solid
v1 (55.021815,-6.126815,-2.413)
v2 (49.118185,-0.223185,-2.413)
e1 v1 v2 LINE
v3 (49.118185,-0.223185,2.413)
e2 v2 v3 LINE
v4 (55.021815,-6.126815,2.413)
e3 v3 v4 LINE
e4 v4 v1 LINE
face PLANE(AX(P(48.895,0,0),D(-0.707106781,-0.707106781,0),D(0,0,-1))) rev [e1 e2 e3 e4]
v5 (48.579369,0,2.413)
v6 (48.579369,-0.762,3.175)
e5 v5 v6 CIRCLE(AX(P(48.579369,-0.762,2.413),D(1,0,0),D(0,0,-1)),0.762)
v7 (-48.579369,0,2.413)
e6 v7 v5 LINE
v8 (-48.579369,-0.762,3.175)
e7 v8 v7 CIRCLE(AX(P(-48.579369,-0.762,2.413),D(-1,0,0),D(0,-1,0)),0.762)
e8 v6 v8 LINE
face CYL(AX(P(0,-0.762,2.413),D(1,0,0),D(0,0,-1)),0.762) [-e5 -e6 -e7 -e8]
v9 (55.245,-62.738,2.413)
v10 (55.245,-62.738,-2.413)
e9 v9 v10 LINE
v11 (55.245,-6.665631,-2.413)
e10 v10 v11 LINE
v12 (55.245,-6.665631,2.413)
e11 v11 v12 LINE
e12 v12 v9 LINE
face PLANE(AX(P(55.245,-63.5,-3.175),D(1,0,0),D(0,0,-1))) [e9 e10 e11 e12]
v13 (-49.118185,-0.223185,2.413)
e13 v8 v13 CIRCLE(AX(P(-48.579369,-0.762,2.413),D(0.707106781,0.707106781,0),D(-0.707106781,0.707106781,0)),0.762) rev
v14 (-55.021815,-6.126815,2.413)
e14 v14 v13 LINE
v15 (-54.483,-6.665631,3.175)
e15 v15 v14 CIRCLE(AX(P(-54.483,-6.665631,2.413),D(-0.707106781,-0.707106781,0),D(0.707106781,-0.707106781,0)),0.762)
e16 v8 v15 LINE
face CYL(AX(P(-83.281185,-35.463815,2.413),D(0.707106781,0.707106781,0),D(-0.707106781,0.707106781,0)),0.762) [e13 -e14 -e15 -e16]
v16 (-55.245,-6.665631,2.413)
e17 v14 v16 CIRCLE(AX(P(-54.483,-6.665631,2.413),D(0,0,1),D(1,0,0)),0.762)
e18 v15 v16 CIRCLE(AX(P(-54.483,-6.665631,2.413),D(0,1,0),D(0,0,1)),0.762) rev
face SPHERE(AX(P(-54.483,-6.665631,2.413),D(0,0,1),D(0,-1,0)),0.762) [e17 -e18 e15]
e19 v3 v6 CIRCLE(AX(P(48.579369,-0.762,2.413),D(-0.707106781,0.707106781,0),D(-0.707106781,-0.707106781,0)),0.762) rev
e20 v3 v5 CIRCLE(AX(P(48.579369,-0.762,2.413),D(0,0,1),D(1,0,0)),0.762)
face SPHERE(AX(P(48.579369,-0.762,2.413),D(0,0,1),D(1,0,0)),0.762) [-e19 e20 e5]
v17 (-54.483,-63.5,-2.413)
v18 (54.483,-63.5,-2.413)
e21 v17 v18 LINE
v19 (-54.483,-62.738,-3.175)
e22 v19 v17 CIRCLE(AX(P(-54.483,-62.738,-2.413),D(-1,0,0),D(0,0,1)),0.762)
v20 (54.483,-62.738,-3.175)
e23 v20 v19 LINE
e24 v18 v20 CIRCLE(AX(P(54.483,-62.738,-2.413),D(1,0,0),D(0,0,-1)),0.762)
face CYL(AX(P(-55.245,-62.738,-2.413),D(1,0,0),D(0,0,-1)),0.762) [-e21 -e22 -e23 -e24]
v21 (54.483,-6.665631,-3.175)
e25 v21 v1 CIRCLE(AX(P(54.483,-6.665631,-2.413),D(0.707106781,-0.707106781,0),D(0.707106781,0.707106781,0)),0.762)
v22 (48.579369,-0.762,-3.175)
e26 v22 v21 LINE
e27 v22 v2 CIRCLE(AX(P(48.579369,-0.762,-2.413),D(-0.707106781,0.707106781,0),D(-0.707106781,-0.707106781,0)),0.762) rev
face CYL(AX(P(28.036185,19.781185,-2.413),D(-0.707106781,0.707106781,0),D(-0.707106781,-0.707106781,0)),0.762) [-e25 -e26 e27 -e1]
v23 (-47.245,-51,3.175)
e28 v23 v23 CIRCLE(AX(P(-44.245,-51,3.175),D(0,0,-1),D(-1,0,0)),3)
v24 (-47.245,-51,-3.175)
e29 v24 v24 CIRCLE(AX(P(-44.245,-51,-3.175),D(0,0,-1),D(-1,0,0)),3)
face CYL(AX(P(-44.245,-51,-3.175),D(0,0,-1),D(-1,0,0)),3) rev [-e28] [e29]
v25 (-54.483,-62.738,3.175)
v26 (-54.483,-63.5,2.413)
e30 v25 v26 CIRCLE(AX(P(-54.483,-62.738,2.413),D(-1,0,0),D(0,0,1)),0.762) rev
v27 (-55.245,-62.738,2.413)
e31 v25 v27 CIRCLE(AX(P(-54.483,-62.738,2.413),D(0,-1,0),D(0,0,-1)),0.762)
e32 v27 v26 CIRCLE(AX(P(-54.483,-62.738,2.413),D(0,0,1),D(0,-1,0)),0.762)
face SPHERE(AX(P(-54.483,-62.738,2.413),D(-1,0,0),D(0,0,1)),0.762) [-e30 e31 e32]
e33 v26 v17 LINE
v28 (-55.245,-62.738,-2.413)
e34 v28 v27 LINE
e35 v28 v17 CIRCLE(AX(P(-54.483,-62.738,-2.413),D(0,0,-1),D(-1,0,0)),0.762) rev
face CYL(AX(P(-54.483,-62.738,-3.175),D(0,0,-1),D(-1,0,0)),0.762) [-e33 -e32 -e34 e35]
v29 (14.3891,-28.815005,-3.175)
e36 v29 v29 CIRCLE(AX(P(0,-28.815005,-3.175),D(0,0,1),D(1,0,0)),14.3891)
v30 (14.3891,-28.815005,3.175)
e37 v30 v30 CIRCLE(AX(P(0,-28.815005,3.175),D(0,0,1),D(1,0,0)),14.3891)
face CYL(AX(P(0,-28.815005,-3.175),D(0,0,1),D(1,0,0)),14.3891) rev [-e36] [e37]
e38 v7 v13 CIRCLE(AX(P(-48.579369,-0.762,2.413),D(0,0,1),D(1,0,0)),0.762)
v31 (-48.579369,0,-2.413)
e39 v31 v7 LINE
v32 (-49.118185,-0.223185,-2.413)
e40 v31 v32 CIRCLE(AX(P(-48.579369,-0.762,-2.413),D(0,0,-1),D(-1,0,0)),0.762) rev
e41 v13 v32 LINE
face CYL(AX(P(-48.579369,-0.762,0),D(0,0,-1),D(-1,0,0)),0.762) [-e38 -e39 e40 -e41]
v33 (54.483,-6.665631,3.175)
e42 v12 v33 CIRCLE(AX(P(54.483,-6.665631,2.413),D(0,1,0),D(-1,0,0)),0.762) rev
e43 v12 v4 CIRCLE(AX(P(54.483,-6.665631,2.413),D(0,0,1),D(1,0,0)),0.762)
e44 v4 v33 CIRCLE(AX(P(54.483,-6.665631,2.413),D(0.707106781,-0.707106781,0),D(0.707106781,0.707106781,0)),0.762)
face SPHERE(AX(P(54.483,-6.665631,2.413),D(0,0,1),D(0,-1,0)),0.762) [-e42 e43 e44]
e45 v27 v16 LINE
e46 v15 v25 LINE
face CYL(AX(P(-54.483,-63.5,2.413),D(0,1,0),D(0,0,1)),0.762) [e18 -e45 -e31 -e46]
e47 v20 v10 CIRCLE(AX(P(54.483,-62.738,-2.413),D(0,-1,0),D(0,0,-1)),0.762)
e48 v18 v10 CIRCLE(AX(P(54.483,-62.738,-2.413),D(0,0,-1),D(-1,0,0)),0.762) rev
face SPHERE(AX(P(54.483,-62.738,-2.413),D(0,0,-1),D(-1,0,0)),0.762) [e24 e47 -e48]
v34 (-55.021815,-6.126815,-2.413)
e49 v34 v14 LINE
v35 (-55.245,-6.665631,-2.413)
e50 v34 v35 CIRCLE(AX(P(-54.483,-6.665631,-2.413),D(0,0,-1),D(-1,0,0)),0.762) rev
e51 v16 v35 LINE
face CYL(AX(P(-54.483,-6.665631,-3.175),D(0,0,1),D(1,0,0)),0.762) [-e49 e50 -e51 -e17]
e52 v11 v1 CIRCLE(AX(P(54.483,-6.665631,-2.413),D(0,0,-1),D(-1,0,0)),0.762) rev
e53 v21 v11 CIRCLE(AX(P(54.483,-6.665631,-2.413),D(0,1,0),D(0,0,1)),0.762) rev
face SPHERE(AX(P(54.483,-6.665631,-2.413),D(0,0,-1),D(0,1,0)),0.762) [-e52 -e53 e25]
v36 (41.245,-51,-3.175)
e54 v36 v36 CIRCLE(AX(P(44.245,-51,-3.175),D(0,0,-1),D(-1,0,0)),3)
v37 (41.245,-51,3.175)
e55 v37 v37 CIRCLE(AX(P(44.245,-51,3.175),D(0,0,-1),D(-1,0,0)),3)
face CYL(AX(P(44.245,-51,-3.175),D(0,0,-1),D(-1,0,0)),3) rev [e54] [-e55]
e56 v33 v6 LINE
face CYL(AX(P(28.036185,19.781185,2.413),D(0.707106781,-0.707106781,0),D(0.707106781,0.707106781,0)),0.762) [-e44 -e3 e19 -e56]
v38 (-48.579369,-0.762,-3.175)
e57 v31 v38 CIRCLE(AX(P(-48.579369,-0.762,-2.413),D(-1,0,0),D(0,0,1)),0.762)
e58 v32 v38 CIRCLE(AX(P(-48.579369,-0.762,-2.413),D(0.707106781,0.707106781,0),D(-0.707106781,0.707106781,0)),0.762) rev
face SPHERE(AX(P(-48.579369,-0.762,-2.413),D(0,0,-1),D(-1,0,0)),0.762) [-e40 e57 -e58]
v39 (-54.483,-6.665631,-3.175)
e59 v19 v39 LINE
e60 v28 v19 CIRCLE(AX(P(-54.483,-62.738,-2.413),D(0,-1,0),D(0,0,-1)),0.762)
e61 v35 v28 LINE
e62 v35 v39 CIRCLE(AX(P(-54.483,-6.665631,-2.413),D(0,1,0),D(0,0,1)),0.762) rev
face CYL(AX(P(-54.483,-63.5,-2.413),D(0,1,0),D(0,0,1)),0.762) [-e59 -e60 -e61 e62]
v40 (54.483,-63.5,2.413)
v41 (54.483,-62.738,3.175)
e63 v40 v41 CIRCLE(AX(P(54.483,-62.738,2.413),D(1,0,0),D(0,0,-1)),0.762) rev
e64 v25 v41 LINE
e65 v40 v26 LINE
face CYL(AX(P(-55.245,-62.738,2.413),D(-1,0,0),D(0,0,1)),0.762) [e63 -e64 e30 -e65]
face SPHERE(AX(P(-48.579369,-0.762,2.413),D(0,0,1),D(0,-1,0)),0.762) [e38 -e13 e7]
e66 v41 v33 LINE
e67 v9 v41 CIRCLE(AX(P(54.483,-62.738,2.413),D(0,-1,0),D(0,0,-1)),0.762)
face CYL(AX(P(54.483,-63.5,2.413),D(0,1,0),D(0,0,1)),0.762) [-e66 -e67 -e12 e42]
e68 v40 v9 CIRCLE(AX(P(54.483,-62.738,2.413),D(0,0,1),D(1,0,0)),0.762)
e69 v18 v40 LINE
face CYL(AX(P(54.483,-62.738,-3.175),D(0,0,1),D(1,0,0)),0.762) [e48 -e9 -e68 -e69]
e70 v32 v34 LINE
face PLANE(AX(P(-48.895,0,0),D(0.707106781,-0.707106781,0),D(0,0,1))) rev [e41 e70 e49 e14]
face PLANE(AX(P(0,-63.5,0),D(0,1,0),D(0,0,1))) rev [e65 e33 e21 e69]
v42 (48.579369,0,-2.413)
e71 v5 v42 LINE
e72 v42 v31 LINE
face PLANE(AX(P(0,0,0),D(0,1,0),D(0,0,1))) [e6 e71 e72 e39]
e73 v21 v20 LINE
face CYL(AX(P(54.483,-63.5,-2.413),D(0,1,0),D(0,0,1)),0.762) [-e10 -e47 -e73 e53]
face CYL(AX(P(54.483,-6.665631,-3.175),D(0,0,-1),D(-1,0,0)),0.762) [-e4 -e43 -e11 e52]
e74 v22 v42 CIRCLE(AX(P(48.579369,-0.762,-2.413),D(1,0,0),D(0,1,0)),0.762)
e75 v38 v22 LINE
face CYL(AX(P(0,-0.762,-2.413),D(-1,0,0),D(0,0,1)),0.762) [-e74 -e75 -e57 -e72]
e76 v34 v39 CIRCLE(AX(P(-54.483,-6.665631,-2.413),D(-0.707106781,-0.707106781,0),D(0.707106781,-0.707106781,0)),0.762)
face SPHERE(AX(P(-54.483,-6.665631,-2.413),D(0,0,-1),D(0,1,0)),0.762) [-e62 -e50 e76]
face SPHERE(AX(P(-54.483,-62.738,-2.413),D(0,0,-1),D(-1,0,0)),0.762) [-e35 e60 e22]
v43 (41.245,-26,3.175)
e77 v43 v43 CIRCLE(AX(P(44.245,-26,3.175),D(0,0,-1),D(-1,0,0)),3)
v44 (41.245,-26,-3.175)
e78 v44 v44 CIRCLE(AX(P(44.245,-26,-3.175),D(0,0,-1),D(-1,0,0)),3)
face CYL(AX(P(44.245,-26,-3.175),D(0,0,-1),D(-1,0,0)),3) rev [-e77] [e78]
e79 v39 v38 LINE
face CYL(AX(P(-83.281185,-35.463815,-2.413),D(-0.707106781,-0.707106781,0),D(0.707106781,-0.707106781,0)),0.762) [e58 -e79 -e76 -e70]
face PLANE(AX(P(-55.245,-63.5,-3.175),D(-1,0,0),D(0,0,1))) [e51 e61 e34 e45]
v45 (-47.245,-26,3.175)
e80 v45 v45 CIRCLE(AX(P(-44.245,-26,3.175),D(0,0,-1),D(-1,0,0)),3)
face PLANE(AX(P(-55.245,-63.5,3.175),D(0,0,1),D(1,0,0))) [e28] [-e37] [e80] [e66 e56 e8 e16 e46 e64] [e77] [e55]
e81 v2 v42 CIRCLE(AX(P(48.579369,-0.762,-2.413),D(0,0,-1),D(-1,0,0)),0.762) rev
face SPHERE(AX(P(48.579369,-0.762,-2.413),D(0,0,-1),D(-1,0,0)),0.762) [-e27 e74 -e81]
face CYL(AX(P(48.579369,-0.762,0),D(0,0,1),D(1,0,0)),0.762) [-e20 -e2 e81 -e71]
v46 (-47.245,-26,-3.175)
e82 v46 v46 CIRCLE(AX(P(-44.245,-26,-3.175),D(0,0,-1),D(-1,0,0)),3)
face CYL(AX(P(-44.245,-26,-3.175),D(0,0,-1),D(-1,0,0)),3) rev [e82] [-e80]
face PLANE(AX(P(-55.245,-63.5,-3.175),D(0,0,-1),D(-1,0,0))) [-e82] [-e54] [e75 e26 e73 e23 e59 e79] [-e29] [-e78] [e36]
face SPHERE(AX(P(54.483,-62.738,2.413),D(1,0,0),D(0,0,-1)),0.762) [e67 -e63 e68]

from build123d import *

# Parameters (mm, degrees)
SKETCH2_W                   = 110.49
SKETCH2_H                   = 6.35
BOSS_EXTRUDE1_DEPTH         = 63.5
SKETCH3_R                   = 14.3891
CUT_EXTRUDE1_DEPTH          = 85.407242136
CHAMFER1_SIZE               = 6.35
TAP_DRILL_FOR_M7X1_0_TAP1_D = 6
FILLET2_R                   = 0.762


with BuildPart() as part:
    # Sketch2 → Boss-Extrude1 (new body)
    with BuildSketch(Plane(origin=(0, 0, 0), x_dir=(1, 0, 0), z_dir=(0, 1, 0))):
        Rectangle(SKETCH2_W, SKETCH2_H)
    extrude(amount=-BOSS_EXTRUDE1_DEPTH)

    # Sketch3 → Cut-Extrude1 (cut, through all)
    with BuildSketch(Plane.XY.offset(3.175)):
        with Locations((0, -28.8150046)):
            Circle(SKETCH3_R)
    extrude(amount=-CUT_EXTRUDE1_DEPTH, mode=Mode.SUBTRACT)

    # Chamfer1
    chamfer1_edges = [part.edges().sort_by_distance(p)[0] for p in [
        (55.245, 0, 0),
        (-55.245, 0, 0),
    ]]
    chamfer(chamfer1_edges, length=CHAMFER1_SIZE)

    # Tap Drill for M7x1.0 Tap1 (through all)
    with Locations(Plane(origin=(0, 0, -3.175), x_dir=(-1, 0, 0), z_dir=(0, 0, -1))):
        with Locations((44.245, -26), (44.245, -51), (-44.245, -51), (-44.245, -26)):
            Hole(TAP_DRILL_FOR_M7X1_0_TAP1_D / 2)

    # Fillet2
    fillet2_edges = [part.edges().sort_by_distance(p)[0] for p in [
        (55.245, -63.5, 0),
        (0, -63.5, -3.175),
        (0, 0, 3.175),
        (0, 0, -3.175),
        (48.895, 0, 0),
        (-48.895, 0, 0),
        (52.07, -3.175, 3.175),
        (-52.07, -3.175, 3.175),
        (-55.245, -6.35, 0),
        (52.07, -3.175, -3.175),
        (-52.07, -3.175, -3.175),
        (55.245, -6.35, 0),
        (-55.245, -63.5, 0),
        (-55.245, -34.925, -3.175),
        (55.245, -34.925, -3.175),
        (55.245, -34.925, 3.175),
        (-55.245, -34.925, 3.175),
        (0, -63.5, 3.175),
    ]]
    fillet(fillet2_edges, radius=FILLET2_R)


solid = part.part
